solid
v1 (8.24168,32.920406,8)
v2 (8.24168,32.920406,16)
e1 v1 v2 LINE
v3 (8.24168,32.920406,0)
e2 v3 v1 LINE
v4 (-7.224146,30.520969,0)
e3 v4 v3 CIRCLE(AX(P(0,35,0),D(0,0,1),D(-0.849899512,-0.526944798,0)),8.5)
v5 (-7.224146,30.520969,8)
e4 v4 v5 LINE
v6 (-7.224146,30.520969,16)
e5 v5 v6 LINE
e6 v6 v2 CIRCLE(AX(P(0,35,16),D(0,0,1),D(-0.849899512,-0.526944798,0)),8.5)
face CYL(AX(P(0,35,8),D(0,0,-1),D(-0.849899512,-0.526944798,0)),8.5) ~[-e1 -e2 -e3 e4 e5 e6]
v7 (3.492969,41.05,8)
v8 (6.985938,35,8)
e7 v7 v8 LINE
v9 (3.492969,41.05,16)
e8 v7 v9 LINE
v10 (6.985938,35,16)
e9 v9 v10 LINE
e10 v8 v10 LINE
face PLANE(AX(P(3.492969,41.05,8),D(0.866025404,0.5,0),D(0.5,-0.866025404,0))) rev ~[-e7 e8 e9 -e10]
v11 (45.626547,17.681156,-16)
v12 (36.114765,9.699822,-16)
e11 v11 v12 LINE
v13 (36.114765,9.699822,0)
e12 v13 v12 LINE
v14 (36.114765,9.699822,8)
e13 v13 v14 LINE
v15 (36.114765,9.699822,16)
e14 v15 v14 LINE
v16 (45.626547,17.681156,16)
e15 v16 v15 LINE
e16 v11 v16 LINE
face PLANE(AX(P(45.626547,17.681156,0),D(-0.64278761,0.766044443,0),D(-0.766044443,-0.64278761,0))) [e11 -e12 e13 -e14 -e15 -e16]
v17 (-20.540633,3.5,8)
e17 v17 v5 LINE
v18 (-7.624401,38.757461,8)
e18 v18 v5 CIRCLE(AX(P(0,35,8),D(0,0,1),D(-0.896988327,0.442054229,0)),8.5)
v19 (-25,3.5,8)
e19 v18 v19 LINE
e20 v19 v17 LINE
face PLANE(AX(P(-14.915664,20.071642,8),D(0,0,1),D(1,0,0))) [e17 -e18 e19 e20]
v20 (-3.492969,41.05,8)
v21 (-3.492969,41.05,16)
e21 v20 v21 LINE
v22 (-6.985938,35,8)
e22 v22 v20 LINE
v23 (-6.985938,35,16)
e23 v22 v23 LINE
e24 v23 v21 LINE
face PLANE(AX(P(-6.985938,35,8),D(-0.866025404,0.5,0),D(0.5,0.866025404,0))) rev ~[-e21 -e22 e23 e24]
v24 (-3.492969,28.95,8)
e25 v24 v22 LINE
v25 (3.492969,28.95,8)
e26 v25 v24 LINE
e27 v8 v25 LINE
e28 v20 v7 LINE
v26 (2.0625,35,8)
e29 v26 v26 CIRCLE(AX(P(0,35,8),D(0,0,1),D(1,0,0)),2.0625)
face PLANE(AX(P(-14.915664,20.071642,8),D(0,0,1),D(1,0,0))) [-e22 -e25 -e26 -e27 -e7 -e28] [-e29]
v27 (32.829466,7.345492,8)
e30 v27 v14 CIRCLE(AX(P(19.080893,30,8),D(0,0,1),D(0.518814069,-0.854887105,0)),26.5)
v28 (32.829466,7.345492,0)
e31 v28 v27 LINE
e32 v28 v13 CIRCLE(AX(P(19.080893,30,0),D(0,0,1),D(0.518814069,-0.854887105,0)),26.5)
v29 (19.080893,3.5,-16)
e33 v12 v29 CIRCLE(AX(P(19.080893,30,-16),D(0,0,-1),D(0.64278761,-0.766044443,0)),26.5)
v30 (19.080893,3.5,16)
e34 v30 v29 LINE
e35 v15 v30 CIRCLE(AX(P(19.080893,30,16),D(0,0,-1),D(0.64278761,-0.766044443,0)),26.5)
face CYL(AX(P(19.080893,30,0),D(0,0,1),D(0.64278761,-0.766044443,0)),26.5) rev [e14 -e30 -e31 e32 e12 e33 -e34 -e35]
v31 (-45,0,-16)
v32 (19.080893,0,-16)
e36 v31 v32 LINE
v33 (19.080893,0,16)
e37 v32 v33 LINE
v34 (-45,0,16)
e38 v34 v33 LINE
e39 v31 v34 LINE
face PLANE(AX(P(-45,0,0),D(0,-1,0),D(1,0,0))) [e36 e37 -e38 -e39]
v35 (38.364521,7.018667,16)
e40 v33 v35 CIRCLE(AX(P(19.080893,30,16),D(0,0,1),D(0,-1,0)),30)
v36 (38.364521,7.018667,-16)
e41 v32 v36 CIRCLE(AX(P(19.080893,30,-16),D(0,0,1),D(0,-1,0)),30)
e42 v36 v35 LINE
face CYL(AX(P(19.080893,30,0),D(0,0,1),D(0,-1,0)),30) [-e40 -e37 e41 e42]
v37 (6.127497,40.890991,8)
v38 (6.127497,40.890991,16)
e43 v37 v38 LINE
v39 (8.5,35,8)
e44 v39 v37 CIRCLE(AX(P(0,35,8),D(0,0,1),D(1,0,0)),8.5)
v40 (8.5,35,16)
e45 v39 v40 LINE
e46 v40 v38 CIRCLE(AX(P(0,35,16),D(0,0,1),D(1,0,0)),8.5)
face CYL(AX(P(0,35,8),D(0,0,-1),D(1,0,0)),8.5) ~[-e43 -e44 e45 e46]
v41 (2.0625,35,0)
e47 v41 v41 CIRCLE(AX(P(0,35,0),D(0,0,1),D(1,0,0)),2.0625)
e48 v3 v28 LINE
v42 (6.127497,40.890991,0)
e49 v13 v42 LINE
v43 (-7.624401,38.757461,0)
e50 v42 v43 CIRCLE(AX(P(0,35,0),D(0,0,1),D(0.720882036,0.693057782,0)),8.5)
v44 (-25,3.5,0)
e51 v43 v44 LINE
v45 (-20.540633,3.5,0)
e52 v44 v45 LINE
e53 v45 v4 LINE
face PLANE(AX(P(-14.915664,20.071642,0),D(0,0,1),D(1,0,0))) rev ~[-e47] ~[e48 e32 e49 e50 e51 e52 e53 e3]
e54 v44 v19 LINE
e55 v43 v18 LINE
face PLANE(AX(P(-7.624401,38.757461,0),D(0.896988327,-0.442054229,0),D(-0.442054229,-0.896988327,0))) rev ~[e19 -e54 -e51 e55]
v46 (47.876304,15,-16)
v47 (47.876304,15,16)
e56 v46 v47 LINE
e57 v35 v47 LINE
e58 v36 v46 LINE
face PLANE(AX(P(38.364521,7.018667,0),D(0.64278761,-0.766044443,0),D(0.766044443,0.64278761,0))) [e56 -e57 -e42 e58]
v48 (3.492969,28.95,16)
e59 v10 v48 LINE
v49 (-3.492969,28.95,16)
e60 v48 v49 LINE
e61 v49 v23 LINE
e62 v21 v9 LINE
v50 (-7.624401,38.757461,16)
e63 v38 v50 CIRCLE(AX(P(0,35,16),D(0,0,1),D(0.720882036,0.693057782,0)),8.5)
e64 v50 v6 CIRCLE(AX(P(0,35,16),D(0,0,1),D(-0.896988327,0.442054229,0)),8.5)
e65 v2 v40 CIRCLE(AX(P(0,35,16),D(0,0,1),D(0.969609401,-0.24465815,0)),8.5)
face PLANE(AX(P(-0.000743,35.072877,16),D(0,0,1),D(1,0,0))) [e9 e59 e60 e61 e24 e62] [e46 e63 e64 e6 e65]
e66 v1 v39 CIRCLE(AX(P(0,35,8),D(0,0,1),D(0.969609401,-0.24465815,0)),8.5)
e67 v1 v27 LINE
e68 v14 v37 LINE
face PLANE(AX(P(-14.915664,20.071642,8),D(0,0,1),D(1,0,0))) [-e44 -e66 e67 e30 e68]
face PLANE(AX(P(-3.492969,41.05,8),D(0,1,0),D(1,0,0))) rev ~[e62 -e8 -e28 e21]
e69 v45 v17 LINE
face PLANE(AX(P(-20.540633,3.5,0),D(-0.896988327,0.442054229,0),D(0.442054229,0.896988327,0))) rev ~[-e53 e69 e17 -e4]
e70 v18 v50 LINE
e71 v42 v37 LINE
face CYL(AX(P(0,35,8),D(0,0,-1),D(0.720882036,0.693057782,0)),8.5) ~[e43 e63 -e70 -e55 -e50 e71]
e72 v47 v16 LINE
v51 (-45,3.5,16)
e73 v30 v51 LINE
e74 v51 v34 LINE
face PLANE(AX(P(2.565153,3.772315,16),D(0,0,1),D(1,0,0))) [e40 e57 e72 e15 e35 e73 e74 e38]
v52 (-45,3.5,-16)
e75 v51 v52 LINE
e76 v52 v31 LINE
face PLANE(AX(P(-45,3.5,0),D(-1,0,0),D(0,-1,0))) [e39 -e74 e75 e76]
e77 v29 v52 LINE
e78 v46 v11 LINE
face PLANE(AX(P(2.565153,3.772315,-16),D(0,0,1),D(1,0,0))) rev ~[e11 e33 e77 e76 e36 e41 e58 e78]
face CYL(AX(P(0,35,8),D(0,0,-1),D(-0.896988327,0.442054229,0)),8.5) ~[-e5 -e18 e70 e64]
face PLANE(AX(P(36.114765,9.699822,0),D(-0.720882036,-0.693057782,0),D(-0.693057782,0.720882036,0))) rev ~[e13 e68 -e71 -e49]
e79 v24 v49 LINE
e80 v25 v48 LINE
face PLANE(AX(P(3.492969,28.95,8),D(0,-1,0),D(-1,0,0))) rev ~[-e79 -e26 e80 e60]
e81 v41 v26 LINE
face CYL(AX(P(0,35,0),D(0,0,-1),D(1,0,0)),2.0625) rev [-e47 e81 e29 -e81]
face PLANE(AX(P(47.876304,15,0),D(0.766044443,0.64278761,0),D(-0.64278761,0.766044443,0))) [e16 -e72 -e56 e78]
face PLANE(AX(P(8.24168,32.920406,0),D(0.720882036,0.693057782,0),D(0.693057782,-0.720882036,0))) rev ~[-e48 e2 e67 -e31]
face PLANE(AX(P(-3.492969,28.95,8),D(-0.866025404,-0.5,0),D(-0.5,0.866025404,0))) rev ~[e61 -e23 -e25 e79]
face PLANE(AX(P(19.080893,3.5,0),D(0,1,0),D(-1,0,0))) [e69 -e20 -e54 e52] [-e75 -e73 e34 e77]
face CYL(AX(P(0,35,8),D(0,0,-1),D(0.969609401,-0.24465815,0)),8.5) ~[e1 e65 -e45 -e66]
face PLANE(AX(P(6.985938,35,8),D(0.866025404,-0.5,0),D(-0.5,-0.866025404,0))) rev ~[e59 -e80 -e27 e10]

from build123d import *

# Parameters (mm, degrees)
F1_DEPTH = 16
F2_R     = 2.0625
F3_DEPTH = 8
F5_DEPTH = 8


with BuildPart() as f1:
    # F0 (on Top) → F1 (new body, symmetric)
    with BuildSketch(Plane.XY):
        with BuildLine():
            Line((-45, 3.500000108), (-45, 0))
            Line((-45, 0), (19.080892972, 0))
            ThreePointArc((19.080892972, 0), (29.3414972718, 1.8092213764), (38.3645212626, 7.0186667064))
            Line((38.3645212626, 7.0186667064), (47.8763038889, 15))
            Line((47.8763038889, 15), (45.6265471856, 17.6811556337))
            Line((45.6265471856, 17.6811556337), (36.1147645593, 9.6998223401))
            ThreePointArc((36.1147645593, 9.6998223401), (28.1444267332, 5.0981456507), (19.080892972, 3.500000108))
            Line((19.080892972, 3.500000108), (-45, 3.500000108))
        make_face()
    extrude(amount=F1_DEPTH, both=True)

    # F2 (on Top) → F3 (join)
    with BuildSketch(Plane.XY):
        with BuildLine():
            Line((-7.6244007781, 38.7574609479), (-25, 3.500000108))
            Line((-25, 3.500000108), (-20.5406331606, 3.500000108))
            Line((-20.5406331606, 3.500000108), (-7.2241458503, 30.5209692194))
            ThreePointArc((-7.2241458503, 30.5209692194), (-8.4899813452, 34.5874266639), (-7.6244007781, 38.7574609479))
        make_face()
        with BuildLine():
            ThreePointArc((6.1274973095, 40.8909911493), (-1.3031376668, 43.3995138086), (-7.6244007781, 38.7574609479))
            ThreePointArc((-7.6244007781, 38.7574609479), (-8.4899813452, 34.5874266639), (-7.2241458503, 30.5209692194))
            ThreePointArc((-7.2241458503, 30.5209692194), (1.3031376668, 26.6004861914), (8.2416799056, 32.9204057285))
            ThreePointArc((8.2416799056, 32.9204057285), (8.4351727664, 33.952211662), (8.5, 35))
            ThreePointArc((8.5, 35), (7.8845966013, 38.1753954769), (6.1274973095, 40.8909911493))
        make_face()
        with Locations((0, 35)):
            Circle(F2_R, mode=Mode.SUBTRACT)
        with BuildLine():
            Line((36.1147645593, 9.6998223401), (6.1274973095, 40.8909911493))
            ThreePointArc((6.1274973095, 40.8909911493), (7.8845966013, 38.1753954769), (8.5, 35))
            ThreePointArc((8.5, 35), (8.4351727664, 33.952211662), (8.2416799056, 32.9204057285))
            Line((8.2416799056, 32.9204057285), (32.8294657363, 7.3454918124))
            ThreePointArc((32.8294657363, 7.3454918124), (34.517066012, 8.45993138), (36.1147645593, 9.6998223401))
        make_face()
    extrude(amount=F3_DEPTH)

    # F4 (on face) → F5 (join)
    with BuildSketch(Plane.XY.offset(8)):
        with BuildLine():
            ThreePointArc((8.2416799056, 32.9204057285), (8.4351727664, 33.952211662), (8.5, 35))
            ThreePointArc((8.5, 35), (7.8845966013, 38.1753954769), (6.1274973095, 40.8909911493))
            ThreePointArc((6.1274973095, 40.8909911493), (-1.3031376668, 43.3995138086), (-7.6244007781, 38.7574609479))
            ThreePointArc((-7.6244007781, 38.7574609479), (-8.4899813452, 34.5874266639), (-7.2241458503, 30.5209692194))
            ThreePointArc((-7.2241458503, 30.5209692194), (1.3031376668, 26.6004861914), (8.2416799056, 32.9204057285))
        make_face()
        Polygon((-6.9859382572, 35), (-3.4929691286, 41.05), (3.4929691286, 41.05), (6.9859382572, 35), (3.4929691286, 28.95), (-3.4929691286, 28.95), align=None, mode=Mode.SUBTRACT)
    extrude(amount=F5_DEPTH)


solid = f1.part
